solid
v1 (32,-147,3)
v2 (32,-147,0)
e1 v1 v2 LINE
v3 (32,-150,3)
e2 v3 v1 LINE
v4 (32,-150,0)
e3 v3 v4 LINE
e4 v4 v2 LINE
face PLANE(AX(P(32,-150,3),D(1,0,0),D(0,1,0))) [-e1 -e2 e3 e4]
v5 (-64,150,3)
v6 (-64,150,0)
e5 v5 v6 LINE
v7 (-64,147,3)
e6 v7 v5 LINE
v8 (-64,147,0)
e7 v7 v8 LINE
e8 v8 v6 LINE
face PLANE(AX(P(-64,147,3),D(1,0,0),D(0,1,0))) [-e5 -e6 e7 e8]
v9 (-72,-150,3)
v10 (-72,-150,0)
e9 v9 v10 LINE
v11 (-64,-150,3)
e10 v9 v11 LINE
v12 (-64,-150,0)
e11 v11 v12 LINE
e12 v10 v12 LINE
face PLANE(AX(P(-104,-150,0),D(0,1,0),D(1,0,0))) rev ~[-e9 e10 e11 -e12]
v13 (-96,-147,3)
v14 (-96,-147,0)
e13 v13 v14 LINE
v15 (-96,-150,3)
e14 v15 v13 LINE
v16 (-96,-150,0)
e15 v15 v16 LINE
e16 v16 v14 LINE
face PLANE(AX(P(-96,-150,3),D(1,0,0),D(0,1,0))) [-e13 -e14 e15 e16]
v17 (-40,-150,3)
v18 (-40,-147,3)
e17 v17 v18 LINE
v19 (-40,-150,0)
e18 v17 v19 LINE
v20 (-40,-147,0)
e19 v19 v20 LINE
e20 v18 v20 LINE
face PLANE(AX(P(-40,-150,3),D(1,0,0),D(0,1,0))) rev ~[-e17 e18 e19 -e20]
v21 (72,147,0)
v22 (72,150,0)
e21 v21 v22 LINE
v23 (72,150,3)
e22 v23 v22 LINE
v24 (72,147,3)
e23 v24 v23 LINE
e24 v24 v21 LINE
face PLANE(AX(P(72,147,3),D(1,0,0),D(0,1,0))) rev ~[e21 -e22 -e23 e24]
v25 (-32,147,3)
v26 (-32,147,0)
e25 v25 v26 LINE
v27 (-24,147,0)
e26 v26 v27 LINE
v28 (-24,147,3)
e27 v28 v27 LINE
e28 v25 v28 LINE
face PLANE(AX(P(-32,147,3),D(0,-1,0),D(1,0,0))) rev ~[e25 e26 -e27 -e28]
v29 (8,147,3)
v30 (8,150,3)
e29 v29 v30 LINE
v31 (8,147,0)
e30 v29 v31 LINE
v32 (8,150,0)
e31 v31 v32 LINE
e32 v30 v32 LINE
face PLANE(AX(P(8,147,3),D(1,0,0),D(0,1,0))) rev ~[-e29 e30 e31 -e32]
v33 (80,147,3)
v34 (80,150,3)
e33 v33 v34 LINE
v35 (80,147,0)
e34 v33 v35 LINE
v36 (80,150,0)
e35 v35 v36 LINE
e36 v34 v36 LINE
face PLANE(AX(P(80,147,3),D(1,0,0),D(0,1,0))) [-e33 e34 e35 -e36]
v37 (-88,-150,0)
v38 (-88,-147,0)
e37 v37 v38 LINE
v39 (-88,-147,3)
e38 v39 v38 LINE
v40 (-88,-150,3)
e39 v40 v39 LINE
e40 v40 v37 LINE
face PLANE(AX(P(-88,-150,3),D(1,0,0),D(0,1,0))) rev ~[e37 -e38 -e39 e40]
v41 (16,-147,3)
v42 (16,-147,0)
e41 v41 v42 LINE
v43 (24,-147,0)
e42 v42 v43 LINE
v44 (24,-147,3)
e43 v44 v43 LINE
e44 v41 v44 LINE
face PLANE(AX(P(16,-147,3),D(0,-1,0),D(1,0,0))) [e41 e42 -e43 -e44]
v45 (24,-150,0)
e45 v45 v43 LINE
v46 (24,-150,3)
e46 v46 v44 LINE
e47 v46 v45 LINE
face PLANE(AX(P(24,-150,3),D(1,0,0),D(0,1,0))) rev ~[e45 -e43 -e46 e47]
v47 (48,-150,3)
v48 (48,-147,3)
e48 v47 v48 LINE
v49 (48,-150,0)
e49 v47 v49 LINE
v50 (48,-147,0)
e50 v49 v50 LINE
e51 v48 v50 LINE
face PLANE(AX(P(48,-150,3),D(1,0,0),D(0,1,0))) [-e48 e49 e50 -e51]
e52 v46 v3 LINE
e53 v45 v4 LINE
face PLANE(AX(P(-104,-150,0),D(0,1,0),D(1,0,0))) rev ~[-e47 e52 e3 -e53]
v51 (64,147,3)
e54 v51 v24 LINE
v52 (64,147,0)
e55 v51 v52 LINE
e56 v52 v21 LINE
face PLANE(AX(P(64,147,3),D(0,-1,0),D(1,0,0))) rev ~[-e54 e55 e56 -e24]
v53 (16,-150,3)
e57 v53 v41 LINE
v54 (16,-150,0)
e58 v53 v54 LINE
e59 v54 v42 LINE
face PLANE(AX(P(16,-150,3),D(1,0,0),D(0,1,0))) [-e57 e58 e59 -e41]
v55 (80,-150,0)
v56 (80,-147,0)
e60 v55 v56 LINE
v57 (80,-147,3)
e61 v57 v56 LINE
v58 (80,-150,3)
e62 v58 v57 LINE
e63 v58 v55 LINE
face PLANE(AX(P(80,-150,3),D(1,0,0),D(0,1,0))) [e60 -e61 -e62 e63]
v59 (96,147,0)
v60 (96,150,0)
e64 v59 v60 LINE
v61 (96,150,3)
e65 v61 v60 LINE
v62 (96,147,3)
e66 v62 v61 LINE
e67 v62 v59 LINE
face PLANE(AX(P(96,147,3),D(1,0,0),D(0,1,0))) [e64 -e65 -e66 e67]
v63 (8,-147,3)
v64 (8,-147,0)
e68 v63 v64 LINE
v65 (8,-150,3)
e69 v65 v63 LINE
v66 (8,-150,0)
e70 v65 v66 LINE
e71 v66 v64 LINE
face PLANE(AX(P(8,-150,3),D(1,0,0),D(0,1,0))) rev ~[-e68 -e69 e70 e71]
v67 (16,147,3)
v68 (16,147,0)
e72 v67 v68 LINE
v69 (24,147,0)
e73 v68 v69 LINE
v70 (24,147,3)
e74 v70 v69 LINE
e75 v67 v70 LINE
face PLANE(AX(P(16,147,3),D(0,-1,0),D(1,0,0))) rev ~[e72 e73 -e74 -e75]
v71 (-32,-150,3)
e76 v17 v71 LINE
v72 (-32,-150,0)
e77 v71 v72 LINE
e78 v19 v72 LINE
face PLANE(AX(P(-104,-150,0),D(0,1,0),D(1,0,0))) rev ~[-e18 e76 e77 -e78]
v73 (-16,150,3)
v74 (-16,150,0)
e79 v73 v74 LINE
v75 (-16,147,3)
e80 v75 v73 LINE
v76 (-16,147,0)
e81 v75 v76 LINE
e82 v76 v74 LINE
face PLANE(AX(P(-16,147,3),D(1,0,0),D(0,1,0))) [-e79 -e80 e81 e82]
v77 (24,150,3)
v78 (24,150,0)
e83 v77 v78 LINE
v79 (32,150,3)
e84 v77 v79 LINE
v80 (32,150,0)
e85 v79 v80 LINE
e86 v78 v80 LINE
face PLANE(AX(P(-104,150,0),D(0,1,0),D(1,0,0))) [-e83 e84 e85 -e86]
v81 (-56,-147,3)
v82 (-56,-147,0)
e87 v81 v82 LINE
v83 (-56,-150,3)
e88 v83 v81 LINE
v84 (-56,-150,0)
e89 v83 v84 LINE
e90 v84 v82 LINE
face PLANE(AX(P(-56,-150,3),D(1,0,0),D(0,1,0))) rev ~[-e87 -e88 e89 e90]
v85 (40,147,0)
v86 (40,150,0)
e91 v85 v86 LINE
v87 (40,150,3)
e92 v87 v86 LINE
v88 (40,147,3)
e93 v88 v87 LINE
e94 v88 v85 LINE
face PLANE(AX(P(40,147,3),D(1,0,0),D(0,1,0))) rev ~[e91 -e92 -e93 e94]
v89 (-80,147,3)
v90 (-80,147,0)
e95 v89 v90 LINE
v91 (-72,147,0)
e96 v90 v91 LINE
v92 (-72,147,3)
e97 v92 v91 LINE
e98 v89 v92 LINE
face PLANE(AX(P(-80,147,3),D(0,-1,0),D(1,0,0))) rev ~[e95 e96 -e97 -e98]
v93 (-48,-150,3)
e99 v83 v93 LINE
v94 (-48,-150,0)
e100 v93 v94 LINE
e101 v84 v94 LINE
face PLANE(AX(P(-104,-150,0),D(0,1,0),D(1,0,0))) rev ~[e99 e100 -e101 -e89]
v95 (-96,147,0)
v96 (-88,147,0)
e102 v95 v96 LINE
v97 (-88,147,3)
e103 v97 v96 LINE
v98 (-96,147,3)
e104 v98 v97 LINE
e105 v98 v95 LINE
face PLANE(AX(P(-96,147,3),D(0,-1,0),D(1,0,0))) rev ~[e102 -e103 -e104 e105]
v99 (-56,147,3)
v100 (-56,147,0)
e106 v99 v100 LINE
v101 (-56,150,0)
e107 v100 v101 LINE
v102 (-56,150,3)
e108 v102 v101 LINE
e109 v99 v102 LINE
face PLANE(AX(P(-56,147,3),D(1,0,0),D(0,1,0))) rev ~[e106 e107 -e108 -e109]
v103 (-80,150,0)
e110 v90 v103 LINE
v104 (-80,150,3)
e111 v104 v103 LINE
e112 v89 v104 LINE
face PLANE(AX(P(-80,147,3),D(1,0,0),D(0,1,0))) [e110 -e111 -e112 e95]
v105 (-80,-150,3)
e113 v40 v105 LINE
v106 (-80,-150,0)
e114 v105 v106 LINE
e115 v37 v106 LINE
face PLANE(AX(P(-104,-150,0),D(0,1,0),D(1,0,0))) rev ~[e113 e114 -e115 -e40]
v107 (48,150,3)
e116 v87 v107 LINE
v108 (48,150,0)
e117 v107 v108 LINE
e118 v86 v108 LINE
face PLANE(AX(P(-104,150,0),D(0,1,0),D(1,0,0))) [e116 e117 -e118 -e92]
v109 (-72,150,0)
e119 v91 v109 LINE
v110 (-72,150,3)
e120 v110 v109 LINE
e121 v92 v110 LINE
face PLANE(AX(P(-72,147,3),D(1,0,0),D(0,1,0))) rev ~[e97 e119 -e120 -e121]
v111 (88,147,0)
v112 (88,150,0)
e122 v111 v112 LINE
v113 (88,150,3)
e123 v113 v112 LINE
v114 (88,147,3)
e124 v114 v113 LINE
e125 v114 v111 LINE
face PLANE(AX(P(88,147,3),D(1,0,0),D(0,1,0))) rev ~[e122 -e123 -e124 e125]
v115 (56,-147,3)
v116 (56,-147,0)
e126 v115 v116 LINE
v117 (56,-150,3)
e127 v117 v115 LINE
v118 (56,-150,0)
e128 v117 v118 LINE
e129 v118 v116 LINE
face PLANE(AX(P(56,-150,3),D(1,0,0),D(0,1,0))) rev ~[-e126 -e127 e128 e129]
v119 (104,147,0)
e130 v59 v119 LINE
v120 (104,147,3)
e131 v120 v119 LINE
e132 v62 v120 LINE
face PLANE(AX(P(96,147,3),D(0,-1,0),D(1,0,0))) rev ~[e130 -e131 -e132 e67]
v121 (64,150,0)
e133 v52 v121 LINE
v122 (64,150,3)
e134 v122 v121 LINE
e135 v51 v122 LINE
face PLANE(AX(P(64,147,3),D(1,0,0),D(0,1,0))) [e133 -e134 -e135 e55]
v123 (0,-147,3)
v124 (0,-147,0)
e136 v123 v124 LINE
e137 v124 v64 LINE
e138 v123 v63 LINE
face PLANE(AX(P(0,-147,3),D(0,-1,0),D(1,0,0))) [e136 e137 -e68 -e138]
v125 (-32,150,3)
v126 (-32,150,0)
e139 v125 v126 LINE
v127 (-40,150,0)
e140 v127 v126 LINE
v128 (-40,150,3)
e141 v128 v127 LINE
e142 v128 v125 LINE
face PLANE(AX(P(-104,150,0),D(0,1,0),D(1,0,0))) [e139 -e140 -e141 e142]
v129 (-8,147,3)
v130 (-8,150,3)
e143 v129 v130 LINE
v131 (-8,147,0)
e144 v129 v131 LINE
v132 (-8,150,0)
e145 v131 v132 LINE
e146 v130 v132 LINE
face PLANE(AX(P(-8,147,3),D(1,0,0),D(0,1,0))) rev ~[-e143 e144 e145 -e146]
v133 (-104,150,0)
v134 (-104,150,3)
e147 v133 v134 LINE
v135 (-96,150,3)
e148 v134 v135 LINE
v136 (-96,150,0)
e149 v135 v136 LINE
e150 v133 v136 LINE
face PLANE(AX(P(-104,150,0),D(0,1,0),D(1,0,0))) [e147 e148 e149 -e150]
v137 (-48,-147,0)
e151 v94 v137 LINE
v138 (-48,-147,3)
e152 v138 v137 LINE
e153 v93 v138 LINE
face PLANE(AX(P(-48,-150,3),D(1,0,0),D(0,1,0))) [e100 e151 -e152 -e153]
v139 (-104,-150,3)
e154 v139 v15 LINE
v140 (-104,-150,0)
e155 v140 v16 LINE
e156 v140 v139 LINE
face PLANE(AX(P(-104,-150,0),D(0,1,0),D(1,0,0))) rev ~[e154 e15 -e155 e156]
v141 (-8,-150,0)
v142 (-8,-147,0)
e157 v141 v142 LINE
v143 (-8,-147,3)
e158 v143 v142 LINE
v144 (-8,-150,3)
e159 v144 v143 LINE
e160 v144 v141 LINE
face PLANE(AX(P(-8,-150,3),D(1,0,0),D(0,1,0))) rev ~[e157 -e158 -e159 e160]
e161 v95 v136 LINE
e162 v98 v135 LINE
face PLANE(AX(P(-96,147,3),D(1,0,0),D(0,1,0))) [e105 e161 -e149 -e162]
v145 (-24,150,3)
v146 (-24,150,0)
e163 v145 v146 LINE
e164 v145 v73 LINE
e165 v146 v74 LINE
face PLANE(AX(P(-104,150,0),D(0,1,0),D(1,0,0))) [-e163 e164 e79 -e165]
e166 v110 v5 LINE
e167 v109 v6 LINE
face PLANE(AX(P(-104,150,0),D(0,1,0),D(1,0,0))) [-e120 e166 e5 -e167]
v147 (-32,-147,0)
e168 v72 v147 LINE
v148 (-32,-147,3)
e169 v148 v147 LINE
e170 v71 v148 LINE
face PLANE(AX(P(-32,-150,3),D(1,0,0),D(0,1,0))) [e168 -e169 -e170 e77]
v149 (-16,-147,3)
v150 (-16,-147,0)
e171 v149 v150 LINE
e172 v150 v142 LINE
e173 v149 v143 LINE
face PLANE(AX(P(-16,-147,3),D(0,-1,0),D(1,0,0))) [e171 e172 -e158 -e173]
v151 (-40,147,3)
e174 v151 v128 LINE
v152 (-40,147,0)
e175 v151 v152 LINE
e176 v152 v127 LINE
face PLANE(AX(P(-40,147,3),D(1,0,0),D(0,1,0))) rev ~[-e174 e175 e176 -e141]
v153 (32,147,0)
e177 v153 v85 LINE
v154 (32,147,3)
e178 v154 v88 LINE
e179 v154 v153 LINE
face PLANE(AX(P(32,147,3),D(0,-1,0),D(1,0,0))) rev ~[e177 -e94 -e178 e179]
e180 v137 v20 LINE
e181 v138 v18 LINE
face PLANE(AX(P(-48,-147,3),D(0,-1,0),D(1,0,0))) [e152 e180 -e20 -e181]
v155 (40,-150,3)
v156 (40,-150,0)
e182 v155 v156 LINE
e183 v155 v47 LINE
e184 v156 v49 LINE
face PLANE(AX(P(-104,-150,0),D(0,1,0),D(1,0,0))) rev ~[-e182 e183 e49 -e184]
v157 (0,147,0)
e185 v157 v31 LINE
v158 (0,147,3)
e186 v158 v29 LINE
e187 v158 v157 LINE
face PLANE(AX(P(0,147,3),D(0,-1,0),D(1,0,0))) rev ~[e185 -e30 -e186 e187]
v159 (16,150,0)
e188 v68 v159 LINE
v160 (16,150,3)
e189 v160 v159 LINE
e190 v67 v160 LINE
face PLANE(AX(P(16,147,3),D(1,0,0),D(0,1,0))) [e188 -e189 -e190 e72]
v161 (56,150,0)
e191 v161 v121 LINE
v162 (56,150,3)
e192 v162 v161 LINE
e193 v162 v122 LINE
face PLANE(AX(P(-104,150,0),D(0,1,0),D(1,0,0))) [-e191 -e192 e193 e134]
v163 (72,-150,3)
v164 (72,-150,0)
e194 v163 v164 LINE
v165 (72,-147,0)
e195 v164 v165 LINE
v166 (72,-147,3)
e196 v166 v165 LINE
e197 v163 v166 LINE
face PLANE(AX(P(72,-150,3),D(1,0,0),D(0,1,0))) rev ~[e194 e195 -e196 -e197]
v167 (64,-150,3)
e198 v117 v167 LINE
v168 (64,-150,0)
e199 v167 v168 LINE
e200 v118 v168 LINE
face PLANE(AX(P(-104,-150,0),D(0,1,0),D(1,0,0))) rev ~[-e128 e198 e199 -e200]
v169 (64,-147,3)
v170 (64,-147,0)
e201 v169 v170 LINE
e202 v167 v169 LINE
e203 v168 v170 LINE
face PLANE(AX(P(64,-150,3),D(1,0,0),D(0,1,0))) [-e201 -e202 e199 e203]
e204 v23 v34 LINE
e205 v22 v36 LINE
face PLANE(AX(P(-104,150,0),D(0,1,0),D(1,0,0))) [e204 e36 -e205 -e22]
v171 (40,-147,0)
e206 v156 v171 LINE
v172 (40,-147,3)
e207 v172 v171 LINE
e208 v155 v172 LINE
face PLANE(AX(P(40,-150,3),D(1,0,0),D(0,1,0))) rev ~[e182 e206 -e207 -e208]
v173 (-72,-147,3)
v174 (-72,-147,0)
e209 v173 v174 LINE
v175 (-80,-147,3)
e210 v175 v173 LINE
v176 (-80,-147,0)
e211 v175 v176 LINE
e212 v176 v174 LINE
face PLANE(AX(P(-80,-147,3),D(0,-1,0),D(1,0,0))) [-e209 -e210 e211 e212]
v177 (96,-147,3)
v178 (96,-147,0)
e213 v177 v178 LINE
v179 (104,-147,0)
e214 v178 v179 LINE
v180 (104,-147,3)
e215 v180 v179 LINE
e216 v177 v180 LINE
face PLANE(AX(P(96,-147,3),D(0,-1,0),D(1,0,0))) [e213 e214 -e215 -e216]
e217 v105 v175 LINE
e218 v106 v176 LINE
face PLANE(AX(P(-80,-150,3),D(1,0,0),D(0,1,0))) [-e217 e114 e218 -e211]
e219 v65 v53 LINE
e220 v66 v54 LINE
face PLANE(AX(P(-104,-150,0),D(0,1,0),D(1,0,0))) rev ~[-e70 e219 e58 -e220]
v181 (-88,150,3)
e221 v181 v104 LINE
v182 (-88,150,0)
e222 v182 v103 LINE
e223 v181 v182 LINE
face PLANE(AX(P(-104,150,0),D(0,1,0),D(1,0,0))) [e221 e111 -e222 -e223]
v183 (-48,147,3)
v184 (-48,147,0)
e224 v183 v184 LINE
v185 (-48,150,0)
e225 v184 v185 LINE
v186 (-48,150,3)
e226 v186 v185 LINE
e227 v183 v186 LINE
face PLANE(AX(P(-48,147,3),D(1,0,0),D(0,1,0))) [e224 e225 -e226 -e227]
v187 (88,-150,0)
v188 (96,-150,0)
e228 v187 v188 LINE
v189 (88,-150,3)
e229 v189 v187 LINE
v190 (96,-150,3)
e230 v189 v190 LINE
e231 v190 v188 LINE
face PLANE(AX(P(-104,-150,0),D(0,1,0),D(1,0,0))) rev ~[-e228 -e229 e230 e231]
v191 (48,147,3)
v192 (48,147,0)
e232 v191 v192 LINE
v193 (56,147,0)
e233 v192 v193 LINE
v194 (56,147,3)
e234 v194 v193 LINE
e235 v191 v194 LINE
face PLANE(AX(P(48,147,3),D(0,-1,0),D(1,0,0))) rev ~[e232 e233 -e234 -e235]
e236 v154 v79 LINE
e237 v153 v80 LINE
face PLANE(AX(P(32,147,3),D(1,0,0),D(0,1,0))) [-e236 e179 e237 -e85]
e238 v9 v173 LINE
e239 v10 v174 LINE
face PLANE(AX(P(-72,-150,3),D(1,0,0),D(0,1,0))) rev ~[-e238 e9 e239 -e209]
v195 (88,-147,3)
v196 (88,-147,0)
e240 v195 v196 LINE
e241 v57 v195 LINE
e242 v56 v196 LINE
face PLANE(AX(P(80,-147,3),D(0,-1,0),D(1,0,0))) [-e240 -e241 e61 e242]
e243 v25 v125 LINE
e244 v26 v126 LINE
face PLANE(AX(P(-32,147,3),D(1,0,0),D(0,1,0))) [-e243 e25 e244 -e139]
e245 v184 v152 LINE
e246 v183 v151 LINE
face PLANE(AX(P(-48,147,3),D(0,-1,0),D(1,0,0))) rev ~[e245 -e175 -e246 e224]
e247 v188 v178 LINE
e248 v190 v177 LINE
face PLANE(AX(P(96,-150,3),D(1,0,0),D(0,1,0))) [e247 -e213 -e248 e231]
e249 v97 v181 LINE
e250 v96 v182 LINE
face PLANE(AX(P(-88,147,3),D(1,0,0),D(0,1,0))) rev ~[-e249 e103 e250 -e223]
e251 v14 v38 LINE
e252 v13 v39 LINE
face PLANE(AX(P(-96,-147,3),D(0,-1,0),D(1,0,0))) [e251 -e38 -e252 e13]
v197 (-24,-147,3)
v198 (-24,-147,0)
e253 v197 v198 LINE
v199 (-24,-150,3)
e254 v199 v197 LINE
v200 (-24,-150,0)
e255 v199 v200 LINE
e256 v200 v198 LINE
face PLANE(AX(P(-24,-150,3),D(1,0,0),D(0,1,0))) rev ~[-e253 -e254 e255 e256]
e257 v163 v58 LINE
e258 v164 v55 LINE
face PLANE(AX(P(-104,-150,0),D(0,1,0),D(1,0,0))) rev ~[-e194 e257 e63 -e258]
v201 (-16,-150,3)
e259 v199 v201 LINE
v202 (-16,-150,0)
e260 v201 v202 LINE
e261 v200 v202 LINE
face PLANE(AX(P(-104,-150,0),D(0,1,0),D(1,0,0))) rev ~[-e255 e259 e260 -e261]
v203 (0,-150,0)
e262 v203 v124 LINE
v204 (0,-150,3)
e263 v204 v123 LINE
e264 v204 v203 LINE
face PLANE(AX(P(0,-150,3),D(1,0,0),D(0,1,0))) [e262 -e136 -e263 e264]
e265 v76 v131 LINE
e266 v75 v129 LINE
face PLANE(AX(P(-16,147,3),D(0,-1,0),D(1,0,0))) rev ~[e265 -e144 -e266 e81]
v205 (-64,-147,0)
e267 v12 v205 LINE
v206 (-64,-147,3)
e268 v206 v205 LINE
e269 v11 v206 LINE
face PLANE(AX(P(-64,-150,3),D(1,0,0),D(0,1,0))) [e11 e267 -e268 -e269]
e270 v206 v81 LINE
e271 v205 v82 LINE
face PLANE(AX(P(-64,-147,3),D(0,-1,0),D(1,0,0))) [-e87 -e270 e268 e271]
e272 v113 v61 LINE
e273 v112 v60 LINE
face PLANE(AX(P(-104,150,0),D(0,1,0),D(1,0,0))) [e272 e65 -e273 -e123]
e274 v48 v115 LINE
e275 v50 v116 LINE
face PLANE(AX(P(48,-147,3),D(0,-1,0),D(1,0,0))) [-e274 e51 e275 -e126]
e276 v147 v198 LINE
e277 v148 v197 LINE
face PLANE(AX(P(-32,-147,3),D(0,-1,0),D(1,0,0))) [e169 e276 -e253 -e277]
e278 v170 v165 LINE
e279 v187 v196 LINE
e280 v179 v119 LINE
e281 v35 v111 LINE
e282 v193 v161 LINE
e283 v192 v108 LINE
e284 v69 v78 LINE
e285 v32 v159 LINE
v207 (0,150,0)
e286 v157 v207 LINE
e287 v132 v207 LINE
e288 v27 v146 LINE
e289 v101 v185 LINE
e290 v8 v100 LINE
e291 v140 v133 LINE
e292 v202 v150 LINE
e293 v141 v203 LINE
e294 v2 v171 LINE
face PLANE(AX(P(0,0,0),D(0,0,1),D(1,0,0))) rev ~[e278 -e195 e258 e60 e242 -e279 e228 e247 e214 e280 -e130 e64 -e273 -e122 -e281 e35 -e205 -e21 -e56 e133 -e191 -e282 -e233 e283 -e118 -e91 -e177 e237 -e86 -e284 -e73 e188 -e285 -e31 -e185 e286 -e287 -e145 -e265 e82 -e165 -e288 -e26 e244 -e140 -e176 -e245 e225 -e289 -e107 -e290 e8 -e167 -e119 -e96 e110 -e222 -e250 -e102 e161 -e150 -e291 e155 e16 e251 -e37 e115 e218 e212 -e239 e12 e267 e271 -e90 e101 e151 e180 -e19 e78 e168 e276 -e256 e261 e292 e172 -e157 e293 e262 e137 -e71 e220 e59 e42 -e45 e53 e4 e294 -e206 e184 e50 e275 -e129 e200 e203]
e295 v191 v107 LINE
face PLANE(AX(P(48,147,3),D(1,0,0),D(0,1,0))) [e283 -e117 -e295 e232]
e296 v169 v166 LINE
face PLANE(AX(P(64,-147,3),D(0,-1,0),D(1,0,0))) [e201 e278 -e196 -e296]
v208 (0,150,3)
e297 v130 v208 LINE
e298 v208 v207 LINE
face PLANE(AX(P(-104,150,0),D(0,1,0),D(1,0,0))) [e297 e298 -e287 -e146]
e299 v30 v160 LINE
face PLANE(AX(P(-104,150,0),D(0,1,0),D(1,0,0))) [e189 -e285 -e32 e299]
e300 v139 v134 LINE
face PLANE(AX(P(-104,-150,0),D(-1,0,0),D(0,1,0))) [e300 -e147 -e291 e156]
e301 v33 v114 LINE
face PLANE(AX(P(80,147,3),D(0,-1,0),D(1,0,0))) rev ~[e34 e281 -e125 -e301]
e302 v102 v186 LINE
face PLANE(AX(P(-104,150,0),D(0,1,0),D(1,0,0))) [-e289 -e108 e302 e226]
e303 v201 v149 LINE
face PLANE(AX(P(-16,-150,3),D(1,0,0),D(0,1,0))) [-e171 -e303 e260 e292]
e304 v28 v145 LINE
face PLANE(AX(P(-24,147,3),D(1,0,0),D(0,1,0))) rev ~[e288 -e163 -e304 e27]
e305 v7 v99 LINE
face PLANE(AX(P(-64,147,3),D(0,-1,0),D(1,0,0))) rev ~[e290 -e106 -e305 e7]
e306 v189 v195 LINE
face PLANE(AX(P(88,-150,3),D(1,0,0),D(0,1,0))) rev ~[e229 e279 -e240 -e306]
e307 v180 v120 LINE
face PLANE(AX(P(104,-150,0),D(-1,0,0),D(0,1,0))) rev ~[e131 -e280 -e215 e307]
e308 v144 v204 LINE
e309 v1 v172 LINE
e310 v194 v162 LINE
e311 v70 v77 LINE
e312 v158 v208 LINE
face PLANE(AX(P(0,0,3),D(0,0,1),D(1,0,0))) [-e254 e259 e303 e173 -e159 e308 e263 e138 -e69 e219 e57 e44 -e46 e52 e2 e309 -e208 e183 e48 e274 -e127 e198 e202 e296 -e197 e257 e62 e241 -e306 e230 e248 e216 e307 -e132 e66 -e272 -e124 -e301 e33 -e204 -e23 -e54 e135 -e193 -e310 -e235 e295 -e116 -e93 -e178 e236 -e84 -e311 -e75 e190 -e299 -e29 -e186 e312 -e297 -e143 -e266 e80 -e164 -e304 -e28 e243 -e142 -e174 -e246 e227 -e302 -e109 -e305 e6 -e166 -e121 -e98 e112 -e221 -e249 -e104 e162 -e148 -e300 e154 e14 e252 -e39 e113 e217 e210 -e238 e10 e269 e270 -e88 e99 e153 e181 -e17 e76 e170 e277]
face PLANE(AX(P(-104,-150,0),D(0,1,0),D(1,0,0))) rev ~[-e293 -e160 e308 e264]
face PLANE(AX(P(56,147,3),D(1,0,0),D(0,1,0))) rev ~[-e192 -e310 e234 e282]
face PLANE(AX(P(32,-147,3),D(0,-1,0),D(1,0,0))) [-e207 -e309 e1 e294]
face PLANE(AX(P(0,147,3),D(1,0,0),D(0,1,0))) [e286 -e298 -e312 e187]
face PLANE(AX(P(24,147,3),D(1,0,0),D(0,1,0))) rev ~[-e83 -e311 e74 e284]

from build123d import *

# Parameters (mm, degrees)
ESQUISSE1_W             = 208
ESQUISSE1_H             = 300
BOSS_EXTRU_1_DEPTH      = 3
ESQUISSE2_W             = 8
ESQUISSE2_H             = 3
ENL_V_MAT_EXTRU_1_DEPTH = 3


with BuildPart() as part:
    # Esquisse1 → Boss.-Extru.1 (new body)
    with BuildSketch(Plane.XY):
        Rectangle(ESQUISSE1_W, ESQUISSE1_H)
    extrude(amount=BOSS_EXTRU_1_DEPTH)

    # Esquisse2 → Enlèv. mat.-Extru.1 (cut)
    with BuildSketch(Plane.XY.offset(3)):
        with Locations((-92, 148.5)):
            Rectangle(ESQUISSE2_W, ESQUISSE2_H)
        with Locations((-76, 148.5)):
            Rectangle(ESQUISSE2_W, ESQUISSE2_H)
        with Locations((-60, 148.5)):
            Rectangle(ESQUISSE2_W, ESQUISSE2_H)
        with Locations((-44, 148.5)):
            Rectangle(ESQUISSE2_W, ESQUISSE2_H)
        with Locations((-28, 148.5)):
            Rectangle(ESQUISSE2_W, ESQUISSE2_H)
        with Locations((-12, 148.5)):
            Rectangle(ESQUISSE2_W, ESQUISSE2_H)
        with Locations((4, 148.5)):
            Rectangle(ESQUISSE2_W, ESQUISSE2_H)
        with Locations((20, 148.5)):
            Rectangle(ESQUISSE2_W, ESQUISSE2_H)
        with Locations((36, 148.5)):
            Rectangle(ESQUISSE2_W, ESQUISSE2_H)
        with Locations((52, 148.5)):
            Rectangle(ESQUISSE2_W, ESQUISSE2_H)
        with Locations((68, 148.5)):
            Rectangle(ESQUISSE2_W, ESQUISSE2_H)
        with Locations((84, 148.5)):
            Rectangle(ESQUISSE2_W, ESQUISSE2_H)
        with Locations((100, 148.5)):
            Rectangle(ESQUISSE2_W, ESQUISSE2_H)
        with Locations((100, -148.5)):
            Rectangle(ESQUISSE2_W, ESQUISSE2_H)
        with Locations((84, -148.5)):
            Rectangle(ESQUISSE2_W, ESQUISSE2_H)
        with Locations((68, -148.5)):
            Rectangle(ESQUISSE2_W, ESQUISSE2_H)
        with Locations((52, -148.5)):
            Rectangle(ESQUISSE2_W, ESQUISSE2_H)
        with Locations((36, -148.5)):
            Rectangle(ESQUISSE2_W, ESQUISSE2_H)
        with Locations((20, -148.5)):
            Rectangle(ESQUISSE2_W, ESQUISSE2_H)
        with Locations((4, -148.5)):
            Rectangle(ESQUISSE2_W, ESQUISSE2_H)
        with Locations((-12, -148.5)):
            Rectangle(ESQUISSE2_W, ESQUISSE2_H)
        with Locations((-28, -148.5)):
            Rectangle(ESQUISSE2_W, ESQUISSE2_H)
        with Locations((-44, -148.5)):
            Rectangle(ESQUISSE2_W, ESQUISSE2_H)
        with Locations((-60, -148.5)):
            Rectangle(ESQUISSE2_W, ESQUISSE2_H)
        with Locations((-76, -148.5)):
            Rectangle(ESQUISSE2_W, ESQUISSE2_H)
        with Locations((-92, -148.5)):
            Rectangle(ESQUISSE2_W, ESQUISSE2_H)
    extrude(amount=-ENL_V_MAT_EXTRU_1_DEPTH, mode=Mode.SUBTRACT)


solid = part.part
